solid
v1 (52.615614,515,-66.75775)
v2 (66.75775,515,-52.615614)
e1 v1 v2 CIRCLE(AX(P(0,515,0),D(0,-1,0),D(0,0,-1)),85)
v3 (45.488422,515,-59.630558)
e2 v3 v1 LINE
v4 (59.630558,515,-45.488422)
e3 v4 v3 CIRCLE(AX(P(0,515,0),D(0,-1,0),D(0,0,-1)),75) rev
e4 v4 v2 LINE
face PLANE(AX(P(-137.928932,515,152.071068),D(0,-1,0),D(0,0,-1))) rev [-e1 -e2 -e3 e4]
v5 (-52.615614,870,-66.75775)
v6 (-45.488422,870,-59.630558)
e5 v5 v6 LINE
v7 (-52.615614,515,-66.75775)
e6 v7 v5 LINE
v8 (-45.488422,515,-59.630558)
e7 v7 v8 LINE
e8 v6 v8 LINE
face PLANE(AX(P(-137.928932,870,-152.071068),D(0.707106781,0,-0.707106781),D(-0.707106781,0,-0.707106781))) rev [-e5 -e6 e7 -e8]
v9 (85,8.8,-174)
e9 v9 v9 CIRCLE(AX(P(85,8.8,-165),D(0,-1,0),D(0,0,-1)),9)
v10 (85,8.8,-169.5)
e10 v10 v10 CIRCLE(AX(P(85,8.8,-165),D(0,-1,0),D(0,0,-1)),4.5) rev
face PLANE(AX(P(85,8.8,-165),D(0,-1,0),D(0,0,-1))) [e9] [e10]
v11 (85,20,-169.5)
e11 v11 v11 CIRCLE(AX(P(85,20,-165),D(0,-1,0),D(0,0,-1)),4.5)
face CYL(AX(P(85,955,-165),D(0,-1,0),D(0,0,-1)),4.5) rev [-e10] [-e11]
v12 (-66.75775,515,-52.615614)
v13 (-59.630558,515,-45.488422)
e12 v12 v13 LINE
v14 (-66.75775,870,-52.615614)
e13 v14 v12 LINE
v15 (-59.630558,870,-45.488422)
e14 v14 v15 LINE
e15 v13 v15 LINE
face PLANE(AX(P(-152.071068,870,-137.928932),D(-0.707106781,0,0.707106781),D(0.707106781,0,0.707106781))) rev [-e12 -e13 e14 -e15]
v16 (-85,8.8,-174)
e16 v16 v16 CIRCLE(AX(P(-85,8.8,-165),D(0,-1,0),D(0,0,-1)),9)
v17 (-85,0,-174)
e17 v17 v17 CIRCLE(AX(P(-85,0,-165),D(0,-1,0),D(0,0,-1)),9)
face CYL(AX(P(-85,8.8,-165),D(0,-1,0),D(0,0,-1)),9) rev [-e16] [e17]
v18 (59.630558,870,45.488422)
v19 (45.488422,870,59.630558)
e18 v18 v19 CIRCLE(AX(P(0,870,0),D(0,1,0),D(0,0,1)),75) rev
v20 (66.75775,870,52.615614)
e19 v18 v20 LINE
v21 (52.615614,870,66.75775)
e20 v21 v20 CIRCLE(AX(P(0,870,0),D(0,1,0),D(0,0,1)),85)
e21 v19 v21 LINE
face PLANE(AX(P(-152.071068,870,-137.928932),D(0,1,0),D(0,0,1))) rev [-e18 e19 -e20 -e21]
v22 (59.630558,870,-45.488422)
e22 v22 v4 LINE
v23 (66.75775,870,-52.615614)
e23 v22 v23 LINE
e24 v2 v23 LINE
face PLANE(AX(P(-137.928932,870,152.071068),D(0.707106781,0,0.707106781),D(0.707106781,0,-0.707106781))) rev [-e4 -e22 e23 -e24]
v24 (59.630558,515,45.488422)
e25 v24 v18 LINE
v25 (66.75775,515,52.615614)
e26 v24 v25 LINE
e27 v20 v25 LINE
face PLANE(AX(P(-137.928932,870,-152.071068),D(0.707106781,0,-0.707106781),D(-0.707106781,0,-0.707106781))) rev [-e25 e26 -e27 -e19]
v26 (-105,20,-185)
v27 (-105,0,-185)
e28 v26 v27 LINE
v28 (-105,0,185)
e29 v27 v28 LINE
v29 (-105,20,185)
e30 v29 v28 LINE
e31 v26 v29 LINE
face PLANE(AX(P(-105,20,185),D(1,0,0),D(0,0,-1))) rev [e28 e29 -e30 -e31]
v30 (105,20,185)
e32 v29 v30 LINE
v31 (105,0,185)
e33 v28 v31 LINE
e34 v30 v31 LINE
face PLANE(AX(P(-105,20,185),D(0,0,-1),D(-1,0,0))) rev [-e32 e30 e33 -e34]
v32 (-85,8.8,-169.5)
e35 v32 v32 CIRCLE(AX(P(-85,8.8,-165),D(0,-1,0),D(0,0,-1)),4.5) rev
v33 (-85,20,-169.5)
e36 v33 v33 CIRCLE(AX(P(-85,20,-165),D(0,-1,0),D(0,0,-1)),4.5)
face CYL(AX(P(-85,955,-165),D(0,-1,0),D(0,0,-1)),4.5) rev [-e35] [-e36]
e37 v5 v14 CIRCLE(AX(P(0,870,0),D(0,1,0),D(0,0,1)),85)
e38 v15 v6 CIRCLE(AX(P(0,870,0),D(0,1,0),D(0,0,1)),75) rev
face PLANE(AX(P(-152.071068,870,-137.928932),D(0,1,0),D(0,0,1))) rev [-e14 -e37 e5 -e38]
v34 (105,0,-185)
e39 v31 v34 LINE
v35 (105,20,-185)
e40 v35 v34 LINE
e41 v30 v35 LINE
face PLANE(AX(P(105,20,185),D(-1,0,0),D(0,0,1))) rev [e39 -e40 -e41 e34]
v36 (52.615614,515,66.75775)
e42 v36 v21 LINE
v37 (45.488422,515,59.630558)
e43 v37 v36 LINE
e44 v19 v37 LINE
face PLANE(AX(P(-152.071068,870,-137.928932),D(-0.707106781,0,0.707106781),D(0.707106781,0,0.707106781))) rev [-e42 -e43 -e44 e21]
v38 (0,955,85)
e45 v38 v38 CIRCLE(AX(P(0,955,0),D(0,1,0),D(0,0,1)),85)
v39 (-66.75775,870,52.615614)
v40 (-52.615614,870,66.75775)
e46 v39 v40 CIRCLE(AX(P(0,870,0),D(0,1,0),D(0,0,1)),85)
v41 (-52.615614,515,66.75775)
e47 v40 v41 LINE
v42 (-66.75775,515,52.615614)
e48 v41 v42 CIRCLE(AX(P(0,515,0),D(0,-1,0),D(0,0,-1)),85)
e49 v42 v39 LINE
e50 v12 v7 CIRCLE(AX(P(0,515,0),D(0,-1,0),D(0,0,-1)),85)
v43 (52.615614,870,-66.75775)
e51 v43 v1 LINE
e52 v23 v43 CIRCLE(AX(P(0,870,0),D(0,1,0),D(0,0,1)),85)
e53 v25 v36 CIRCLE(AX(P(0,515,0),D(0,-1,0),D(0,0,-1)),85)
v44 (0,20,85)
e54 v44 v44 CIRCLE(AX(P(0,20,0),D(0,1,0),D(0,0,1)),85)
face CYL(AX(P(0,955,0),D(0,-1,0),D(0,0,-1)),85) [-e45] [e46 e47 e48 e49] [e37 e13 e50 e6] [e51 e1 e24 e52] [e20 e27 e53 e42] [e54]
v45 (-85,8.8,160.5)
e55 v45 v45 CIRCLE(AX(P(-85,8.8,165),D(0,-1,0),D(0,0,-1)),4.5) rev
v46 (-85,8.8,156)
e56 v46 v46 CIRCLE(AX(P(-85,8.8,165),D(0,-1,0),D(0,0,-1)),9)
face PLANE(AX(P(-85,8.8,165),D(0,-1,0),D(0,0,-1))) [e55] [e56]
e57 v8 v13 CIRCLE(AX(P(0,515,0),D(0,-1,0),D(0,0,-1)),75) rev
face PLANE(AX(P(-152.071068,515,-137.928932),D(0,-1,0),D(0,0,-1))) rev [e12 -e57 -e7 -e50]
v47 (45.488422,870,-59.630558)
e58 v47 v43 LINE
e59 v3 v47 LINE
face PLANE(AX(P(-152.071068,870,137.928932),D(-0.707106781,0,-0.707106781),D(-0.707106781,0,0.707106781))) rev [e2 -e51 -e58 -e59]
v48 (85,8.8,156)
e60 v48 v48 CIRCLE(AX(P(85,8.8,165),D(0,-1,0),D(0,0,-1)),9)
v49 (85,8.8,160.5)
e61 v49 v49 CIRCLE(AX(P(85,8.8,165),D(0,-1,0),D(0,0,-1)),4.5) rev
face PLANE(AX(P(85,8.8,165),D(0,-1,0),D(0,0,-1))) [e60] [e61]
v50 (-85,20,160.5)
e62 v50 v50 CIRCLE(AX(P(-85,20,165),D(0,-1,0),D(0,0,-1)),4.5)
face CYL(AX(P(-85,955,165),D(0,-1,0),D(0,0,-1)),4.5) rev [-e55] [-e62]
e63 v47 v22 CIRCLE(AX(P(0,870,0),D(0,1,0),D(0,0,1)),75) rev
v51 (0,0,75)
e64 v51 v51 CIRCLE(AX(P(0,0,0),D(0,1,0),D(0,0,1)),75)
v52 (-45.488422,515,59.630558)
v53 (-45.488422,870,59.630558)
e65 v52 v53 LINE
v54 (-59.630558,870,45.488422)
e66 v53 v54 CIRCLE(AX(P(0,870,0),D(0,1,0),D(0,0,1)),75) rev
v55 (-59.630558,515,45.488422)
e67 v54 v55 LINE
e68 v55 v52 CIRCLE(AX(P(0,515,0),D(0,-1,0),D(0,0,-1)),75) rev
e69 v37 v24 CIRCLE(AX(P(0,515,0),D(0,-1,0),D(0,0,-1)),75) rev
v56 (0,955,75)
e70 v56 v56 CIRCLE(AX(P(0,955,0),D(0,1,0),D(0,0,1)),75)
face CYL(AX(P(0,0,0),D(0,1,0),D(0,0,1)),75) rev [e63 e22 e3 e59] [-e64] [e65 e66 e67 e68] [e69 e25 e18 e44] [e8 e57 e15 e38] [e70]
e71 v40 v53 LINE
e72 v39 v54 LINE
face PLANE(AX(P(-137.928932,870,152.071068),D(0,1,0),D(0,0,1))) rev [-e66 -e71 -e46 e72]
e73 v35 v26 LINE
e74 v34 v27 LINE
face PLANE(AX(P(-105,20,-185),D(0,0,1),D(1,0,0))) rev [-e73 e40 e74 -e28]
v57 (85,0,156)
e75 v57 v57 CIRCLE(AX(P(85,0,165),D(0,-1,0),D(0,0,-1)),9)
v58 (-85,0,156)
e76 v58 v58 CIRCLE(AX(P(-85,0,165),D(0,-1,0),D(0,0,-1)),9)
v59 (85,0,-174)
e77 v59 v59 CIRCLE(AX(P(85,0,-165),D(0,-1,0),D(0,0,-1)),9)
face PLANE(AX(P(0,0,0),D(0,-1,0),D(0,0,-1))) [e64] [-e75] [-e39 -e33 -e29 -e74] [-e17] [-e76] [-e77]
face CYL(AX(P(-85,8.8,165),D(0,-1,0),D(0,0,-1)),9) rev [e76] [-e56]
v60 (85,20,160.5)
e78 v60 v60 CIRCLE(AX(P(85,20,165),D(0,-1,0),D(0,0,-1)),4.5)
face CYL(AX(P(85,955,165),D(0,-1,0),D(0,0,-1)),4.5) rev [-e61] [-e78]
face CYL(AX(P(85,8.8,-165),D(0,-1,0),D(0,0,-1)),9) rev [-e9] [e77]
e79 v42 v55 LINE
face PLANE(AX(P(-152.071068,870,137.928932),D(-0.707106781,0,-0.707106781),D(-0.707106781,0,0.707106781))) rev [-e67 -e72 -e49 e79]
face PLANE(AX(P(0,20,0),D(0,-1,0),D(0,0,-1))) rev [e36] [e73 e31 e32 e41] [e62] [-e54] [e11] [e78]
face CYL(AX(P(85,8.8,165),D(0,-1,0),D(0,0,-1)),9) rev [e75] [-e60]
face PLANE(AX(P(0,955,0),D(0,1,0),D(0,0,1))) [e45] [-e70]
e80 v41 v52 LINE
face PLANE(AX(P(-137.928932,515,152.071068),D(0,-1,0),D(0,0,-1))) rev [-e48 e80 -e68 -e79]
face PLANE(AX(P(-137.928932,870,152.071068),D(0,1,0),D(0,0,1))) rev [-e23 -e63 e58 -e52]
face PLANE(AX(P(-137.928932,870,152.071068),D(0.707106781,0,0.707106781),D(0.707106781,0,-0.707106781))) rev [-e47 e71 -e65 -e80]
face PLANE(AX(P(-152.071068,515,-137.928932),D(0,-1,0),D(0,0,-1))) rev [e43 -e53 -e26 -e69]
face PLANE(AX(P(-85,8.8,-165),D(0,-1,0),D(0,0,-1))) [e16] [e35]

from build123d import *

# Parameters (mm, degrees)
SKETCH1_W           = 210
SKETCH1_H           = 370
BOSS_EXTRUDE1_DEPTH = 20
SKETCH2_R           = 85
BOSS_EXTRUDE2_DEPTH = 935
SKETCH3_R           = 75
CUT_EXTRUDE1_DEPTH  = 956
SKETCH4_R           = 4.5
CUT_EXTRUDE2_DEPTH  = 956
SKETCH5_R           = 9
CUT_EXTRUDE3_DEPTH  = 8.8
SKETCH7_W           = 20
SKETCH7_H           = 355
CUT_EXTRUDE4_DEPTH  = 291.060966544
SKETCH8_W           = 20
SKETCH8_H           = 355
CUT_EXTRUDE5_DEPTH  = 291.060966544


with BuildPart() as part:
    # Sketch1 → Boss-Extrude1 (new body)
    with BuildSketch(Plane(origin=(0, 0, 0), x_dir=(1, 0, 0), z_dir=(0, 1, 0))):
        Rectangle(SKETCH1_W, SKETCH1_H)
    extrude(amount=BOSS_EXTRUDE1_DEPTH)

    # Sketch2 → Boss-Extrude2 (add)
    with BuildSketch(Plane(origin=(0, 20, 0), x_dir=(1, 0, 0), z_dir=(0, 1, 0))):
        Circle(SKETCH2_R)
    extrude(amount=BOSS_EXTRUDE2_DEPTH)

    # Sketch3 → Cut-Extrude1 (cut, through all)
    with BuildSketch(Plane(origin=(0, 955, 0), x_dir=(1, 0, 0), z_dir=(0, 1, 0))):
        Circle(SKETCH3_R)
    extrude(amount=-CUT_EXTRUDE1_DEPTH, mode=Mode.SUBTRACT)

    # Sketch4 → Cut-Extrude2 (cut, through all)
    with BuildSketch(Plane.XZ):
        with Locations((-85, 165)):
            Circle(SKETCH4_R)
        with Locations((85, 165)):
            Circle(SKETCH4_R)
        with Locations((85, -165)):
            Circle(SKETCH4_R)
        with Locations((-85, -165)):
            Circle(SKETCH4_R)
    extrude(amount=-CUT_EXTRUDE2_DEPTH, mode=Mode.SUBTRACT)

    # Sketch5 → Cut-Extrude3 (cut)
    with BuildSketch(Plane.XZ):
        with Locations((-85, 165)):
            Circle(SKETCH5_R)
        with Locations((85, 165)):
            Circle(SKETCH5_R)
        with Locations((85, -165)):
            Circle(SKETCH5_R)
        with Locations((-85, -165)):
            Circle(SKETCH5_R)
    extrude(amount=-CUT_EXTRUDE3_DEPTH, mode=Mode.SUBTRACT)

    # Sketch7 → Cut-Extrude4 (cut, through all)
    with BuildSketch(Plane(origin=(60.104076401, 0, 60.104076401), x_dir=(0.707106781, 0, -0.707106781), z_dir=(0.707106781, 0, 0.707106781))):
        with Locations((0, 692.5)):
            Rectangle(SKETCH7_W, SKETCH7_H)
    extrude(amount=-CUT_EXTRUDE4_DEPTH, mode=Mode.SUBTRACT)

    # Sketch8 → Cut-Extrude5 (cut, through all)
    with BuildSketch(Plane(origin=(60.104076401, 0, -60.104076401), x_dir=(-0.707106781, 0, -0.707106781), z_dir=(0.707106781, 0, -0.707106781))):
        with Locations((0, 692.5)):
            Rectangle(SKETCH8_W, SKETCH8_H)
    extrude(amount=-CUT_EXTRUDE5_DEPTH, mode=Mode.SUBTRACT)


solid = part.part
